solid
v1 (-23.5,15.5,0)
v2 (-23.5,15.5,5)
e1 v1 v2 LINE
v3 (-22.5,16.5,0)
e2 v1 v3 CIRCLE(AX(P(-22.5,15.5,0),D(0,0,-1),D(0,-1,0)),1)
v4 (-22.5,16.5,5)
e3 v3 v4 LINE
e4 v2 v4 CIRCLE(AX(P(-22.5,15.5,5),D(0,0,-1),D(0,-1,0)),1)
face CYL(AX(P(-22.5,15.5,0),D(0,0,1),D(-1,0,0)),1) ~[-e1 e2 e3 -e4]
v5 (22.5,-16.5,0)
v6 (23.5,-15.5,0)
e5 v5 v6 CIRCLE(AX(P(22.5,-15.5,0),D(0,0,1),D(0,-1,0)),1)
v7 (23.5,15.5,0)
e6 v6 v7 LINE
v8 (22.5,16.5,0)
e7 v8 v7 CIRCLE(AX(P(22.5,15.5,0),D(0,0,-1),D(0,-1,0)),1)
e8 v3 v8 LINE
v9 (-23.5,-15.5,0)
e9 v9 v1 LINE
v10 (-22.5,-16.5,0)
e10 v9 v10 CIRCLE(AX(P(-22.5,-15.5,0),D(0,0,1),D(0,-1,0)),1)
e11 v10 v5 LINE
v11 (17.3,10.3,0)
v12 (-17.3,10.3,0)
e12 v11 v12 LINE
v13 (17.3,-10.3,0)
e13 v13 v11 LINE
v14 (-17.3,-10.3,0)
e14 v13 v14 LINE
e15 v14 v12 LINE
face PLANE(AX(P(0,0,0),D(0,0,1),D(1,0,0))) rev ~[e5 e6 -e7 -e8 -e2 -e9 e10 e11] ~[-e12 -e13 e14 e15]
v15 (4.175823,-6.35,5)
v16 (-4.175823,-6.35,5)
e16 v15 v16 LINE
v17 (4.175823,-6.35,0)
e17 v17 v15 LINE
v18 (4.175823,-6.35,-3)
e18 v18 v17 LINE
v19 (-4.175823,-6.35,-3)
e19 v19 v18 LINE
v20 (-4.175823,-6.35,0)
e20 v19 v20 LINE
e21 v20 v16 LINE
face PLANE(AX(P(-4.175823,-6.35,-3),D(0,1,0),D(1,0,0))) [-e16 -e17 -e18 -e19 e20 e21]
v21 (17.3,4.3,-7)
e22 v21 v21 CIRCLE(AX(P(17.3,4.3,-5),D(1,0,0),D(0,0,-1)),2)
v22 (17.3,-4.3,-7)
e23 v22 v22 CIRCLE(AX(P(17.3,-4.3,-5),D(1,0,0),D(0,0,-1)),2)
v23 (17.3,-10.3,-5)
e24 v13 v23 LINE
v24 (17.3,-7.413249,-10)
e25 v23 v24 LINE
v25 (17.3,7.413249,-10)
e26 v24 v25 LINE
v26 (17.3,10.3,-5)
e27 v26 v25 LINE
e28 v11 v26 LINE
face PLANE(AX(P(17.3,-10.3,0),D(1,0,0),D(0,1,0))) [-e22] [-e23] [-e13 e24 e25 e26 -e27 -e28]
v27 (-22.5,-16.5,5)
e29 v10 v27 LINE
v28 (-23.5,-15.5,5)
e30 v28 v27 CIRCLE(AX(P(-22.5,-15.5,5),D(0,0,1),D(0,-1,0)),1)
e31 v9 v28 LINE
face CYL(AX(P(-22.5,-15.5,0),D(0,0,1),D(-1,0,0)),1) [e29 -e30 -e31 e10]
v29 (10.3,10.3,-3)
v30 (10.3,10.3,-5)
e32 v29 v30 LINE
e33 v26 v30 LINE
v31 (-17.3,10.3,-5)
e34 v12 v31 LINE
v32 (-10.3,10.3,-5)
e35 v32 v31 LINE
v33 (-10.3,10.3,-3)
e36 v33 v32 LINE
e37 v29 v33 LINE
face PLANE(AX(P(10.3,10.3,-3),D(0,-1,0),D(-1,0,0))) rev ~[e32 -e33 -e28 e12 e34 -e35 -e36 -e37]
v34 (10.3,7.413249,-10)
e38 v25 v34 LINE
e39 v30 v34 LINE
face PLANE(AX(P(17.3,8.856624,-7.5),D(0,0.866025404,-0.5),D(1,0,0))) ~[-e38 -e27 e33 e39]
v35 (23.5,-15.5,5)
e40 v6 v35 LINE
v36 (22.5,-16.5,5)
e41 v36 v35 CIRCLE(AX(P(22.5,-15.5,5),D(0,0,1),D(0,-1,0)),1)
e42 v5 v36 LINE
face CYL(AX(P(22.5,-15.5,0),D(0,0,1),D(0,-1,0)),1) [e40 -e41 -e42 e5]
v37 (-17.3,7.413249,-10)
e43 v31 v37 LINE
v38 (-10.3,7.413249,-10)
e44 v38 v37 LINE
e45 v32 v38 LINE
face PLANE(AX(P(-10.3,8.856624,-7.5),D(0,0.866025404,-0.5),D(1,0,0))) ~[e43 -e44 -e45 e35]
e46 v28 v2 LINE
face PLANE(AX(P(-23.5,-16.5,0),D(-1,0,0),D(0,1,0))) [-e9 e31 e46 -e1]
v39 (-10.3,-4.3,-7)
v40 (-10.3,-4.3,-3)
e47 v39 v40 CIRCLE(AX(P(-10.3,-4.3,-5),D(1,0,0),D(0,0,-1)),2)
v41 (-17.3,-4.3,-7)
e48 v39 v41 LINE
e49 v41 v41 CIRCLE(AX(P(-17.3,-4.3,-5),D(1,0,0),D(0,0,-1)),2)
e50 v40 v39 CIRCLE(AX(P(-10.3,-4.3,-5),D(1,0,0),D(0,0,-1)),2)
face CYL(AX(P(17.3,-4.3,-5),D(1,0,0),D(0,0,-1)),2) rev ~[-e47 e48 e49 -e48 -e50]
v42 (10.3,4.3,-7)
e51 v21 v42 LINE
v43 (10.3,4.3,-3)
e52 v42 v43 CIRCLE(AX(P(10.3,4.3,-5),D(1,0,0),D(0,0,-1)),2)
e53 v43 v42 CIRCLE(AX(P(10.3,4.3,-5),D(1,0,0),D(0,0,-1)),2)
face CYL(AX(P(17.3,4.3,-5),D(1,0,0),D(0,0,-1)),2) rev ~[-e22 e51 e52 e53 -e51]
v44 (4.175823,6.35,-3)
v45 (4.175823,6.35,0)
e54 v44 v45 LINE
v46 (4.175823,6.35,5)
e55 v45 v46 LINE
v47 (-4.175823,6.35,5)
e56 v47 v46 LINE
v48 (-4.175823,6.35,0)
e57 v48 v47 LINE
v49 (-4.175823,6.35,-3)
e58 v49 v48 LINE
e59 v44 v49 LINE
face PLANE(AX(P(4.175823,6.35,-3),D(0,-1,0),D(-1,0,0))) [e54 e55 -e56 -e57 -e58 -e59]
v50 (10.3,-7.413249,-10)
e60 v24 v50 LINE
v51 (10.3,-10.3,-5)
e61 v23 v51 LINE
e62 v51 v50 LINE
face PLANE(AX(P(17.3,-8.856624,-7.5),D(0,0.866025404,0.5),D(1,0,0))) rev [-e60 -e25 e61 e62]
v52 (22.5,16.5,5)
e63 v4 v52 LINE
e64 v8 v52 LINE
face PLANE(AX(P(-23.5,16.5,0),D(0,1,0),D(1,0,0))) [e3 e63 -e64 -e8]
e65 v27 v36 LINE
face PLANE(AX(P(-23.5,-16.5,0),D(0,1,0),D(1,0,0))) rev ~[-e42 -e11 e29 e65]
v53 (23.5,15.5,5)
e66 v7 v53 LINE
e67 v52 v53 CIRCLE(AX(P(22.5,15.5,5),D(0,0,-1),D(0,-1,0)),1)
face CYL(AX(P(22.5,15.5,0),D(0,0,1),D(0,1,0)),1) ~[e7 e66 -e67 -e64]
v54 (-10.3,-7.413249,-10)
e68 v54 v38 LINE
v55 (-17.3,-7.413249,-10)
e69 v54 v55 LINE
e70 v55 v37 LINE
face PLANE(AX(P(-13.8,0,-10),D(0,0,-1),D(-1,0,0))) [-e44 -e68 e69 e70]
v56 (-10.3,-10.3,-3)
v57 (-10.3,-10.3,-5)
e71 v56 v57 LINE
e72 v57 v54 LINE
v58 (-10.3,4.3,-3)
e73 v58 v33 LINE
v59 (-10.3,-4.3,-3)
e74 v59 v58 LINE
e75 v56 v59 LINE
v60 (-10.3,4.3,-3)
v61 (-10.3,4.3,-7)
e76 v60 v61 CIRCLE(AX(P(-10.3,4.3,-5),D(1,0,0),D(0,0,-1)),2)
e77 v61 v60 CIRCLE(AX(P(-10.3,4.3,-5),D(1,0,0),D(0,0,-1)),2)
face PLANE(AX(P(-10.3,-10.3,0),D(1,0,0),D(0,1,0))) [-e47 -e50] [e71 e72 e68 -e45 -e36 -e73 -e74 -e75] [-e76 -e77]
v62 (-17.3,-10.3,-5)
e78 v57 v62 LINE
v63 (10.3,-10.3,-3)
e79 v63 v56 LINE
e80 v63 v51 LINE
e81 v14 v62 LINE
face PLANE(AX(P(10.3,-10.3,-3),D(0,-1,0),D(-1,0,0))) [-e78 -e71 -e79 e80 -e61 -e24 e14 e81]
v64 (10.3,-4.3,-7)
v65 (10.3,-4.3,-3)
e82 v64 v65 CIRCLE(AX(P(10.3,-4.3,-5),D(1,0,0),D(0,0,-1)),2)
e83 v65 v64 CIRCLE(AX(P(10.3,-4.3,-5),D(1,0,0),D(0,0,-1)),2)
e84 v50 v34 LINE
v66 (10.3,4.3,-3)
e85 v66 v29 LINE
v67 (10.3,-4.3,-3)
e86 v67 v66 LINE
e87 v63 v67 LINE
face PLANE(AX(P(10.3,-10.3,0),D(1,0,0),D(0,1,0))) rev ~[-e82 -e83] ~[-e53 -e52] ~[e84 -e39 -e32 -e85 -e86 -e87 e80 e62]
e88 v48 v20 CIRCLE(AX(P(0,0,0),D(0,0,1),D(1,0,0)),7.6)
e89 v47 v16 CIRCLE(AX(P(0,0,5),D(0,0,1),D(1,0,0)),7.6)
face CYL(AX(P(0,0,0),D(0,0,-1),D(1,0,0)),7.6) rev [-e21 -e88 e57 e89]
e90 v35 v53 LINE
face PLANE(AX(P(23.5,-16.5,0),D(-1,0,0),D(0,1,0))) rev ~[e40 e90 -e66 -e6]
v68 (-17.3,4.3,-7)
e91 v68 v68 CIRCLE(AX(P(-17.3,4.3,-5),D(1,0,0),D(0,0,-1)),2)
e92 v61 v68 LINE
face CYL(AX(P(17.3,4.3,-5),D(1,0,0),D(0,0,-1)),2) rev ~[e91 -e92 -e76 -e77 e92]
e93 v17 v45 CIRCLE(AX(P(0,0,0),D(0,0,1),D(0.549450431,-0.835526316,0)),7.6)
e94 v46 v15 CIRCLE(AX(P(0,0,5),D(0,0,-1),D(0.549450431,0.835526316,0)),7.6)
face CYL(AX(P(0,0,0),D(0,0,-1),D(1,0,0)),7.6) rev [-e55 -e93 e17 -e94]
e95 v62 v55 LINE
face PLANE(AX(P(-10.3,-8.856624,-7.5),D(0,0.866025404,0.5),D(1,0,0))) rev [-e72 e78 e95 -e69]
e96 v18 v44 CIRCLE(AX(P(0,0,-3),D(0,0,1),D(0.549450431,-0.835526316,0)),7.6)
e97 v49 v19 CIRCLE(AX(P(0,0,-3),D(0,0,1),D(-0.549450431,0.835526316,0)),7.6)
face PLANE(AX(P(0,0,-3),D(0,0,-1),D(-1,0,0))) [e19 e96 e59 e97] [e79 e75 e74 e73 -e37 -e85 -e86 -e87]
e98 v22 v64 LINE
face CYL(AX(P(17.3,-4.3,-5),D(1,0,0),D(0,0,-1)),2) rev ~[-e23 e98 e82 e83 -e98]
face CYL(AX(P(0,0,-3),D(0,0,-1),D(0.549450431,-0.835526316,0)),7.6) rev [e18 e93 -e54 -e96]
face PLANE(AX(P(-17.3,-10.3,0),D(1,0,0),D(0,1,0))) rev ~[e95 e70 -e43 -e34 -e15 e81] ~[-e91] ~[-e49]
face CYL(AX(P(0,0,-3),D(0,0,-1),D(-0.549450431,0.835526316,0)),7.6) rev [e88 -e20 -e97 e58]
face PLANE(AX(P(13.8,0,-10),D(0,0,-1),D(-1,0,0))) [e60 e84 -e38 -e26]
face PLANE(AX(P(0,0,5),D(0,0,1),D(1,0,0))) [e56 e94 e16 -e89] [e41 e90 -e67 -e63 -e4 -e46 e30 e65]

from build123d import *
from OCP.BRepFilletAPI import BRepFilletAPI_MakeChamfer

# Parameters (mm, degrees)
SZKIC1_W                    = 47
SZKIC1_H                    = 33
SZKIC1_R                    = 7.6
DODANIE_WYCI_GNI_CIE1_DEPTH = 5
SZKIC2_W                    = 7
SZKIC2_H                    = 20.6
DODANIE_WYCI_GNI_CIE2_DEPTH = 10
SFAZOWANIE1_SIZE            = 5
SFAZOWANIE1_SIZE2           = 2.886751346
SZKIC3_R                    = 2
WYTNIJ_WYCI_GNI_CIE1_DEPTH  = 46.131917752
ZAOKR_GLENIE1_R             = 1
DODANIE_WYCI_GNI_CIE4_START = 3
SZKIC5_W                    = 20.6
SZKIC5_H                    = 20.6
DODANIE_WYCI_GNI_CIE4_DEPTH = 3


with BuildPart() as part:
    # Szkic1 → Dodanie-wyciągnięcie1 (new body)
    # profile 1 of 3: a face of its own
    with BuildSketch(Plane.XY):
        Rectangle(SZKIC1_W, SZKIC1_H)
        Circle(SZKIC1_R, mode=Mode.SUBTRACT)
    # profile 2 of 3: a face of its own
    with BuildSketch(Plane.XY):
        with BuildLine():
            Line((4.175823272, -6.35), (-4.175823272, -6.35))
            ThreePointArc((-4.175823272, -6.35), (0, -7.6), (4.175823272, -6.35))
        make_face()
    # profile 3 of 3: a face of its own
    with BuildSketch(Plane.XY):
        with BuildLine():
            ThreePointArc((4.175823272, 6.35), (0, 7.6), (-4.175823272, 6.35))
            Line((-4.175823272, 6.35), (4.175823272, 6.35))
        make_face()
    extrude(amount=DODANIE_WYCI_GNI_CIE1_DEPTH)

    # Szkic2 → Dodanie-wyciągnięcie2 (add)
    with BuildSketch(Plane(origin=(0, 0, 0), x_dir=(-1, 0, 0), z_dir=(0, 0, -1))):
        with Locations((-13.8, 0)):
            Rectangle(SZKIC2_W, SZKIC2_H)
        with Locations((13.8, 0)):
            Rectangle(SZKIC2_W, SZKIC2_H)
    extrude(amount=DODANIE_WYCI_GNI_CIE2_DEPTH)

    # Sfazowanie1: one chamfer whose edges measure the first distance from different faces: ONE call of the kernel's chamfer builder (chamfer() names one face for all edges)
    sfazowanie1_edges_1 = [part.edges().sort_by_distance(p)[0] for p in [
        (13.8, 10.3, -10),
    ]]
    sfazowanie1_side_1 = [part.faces().sort_by_distance(p)[0] for p in [
        (13.8, 10.3, -5),
    ]]
    sfazowanie1_edges_2 = [part.edges().sort_by_distance(p)[0] for p in [
        (13.8, -10.3, -10),
    ]]
    sfazowanie1_side_2 = [part.faces().sort_by_distance(p)[0] for p in [
        (13.8, -10.3, -5),
    ]]
    sfazowanie1_edges_3 = [part.edges().sort_by_distance(p)[0] for p in [
        (-13.8, 10.3, -10),
    ]]
    sfazowanie1_side_3 = [part.faces().sort_by_distance(p)[0] for p in [
        (-13.8, 10.3, -5),
    ]]
    sfazowanie1_edges_4 = [part.edges().sort_by_distance(p)[0] for p in [
        (-13.8, -10.3, -10),
    ]]
    sfazowanie1_side_4 = [part.faces().sort_by_distance(p)[0] for p in [
        (-13.8, -10.3, -5),
    ]]
    sfazowanie1 = BRepFilletAPI_MakeChamfer(part.part.solid().wrapped)
    for e in sfazowanie1_edges_1:
        sfazowanie1.Add(SFAZOWANIE1_SIZE, SFAZOWANIE1_SIZE2, e.wrapped, sfazowanie1_side_1[0].wrapped)  # the first distance lies on this face
    for e in sfazowanie1_edges_2:
        sfazowanie1.Add(SFAZOWANIE1_SIZE, SFAZOWANIE1_SIZE2, e.wrapped, sfazowanie1_side_2[0].wrapped)  # the first distance lies on this face
    for e in sfazowanie1_edges_3:
        sfazowanie1.Add(SFAZOWANIE1_SIZE, SFAZOWANIE1_SIZE2, e.wrapped, sfazowanie1_side_3[0].wrapped)  # the first distance lies on this face
    for e in sfazowanie1_edges_4:
        sfazowanie1.Add(SFAZOWANIE1_SIZE, SFAZOWANIE1_SIZE2, e.wrapped, sfazowanie1_side_4[0].wrapped)  # the first distance lies on this face
    add(Compound.cast(sfazowanie1.Shape()), mode=Mode.REPLACE)

    # Szkic3 → Wytnij-wyciągnięcie1 (cut, through all)
    with BuildSketch(Plane(origin=(17.3, 0, 0), x_dir=(0, 0, -1), z_dir=(1, 0, 0))):
        with Locations((5, 4.3)):
            Circle(SZKIC3_R)
        with Locations((5, -4.3)):
            Circle(SZKIC3_R)
    extrude(amount=-WYTNIJ_WYCI_GNI_CIE1_DEPTH, mode=Mode.SUBTRACT)

    # Zaokrąglenie1
    zaokr_glenie1_edges = [part.edges().sort_by_distance(p)[0] for p in [
        (-23.5, -16.5, 2.5),
        (-23.5, 16.5, 2.5),
        (23.5, 16.5, 2.5),
        (23.5, -16.5, 2.5),
    ]]
    fillet(zaokr_glenie1_edges, radius=ZAOKR_GLENIE1_R)

    # Szkic5 → Dodanie-wyciągnięcie4 (add)
    with BuildSketch(Plane(origin=(0, 0, 0), x_dir=(-1, 0, 0), z_dir=(0, 0, -1)).offset(DODANIE_WYCI_GNI_CIE4_START)):
        Rectangle(SZKIC5_W, SZKIC5_H)
        with BuildLine():
            Line((4.175823272, -6.35), (-4.175823272, -6.35))
            ThreePointArc((-4.175823272, -6.35), (-7.6, 0), (-4.175823272, 6.35))
            Line((-4.175823272, 6.35), (4.175823272, 6.35))
            ThreePointArc((4.175823272, 6.35), (7.6, 0), (4.175823272, -6.35))
        make_face(mode=Mode.SUBTRACT)
    extrude(amount=-DODANIE_WYCI_GNI_CIE4_DEPTH)


solid = part.part
